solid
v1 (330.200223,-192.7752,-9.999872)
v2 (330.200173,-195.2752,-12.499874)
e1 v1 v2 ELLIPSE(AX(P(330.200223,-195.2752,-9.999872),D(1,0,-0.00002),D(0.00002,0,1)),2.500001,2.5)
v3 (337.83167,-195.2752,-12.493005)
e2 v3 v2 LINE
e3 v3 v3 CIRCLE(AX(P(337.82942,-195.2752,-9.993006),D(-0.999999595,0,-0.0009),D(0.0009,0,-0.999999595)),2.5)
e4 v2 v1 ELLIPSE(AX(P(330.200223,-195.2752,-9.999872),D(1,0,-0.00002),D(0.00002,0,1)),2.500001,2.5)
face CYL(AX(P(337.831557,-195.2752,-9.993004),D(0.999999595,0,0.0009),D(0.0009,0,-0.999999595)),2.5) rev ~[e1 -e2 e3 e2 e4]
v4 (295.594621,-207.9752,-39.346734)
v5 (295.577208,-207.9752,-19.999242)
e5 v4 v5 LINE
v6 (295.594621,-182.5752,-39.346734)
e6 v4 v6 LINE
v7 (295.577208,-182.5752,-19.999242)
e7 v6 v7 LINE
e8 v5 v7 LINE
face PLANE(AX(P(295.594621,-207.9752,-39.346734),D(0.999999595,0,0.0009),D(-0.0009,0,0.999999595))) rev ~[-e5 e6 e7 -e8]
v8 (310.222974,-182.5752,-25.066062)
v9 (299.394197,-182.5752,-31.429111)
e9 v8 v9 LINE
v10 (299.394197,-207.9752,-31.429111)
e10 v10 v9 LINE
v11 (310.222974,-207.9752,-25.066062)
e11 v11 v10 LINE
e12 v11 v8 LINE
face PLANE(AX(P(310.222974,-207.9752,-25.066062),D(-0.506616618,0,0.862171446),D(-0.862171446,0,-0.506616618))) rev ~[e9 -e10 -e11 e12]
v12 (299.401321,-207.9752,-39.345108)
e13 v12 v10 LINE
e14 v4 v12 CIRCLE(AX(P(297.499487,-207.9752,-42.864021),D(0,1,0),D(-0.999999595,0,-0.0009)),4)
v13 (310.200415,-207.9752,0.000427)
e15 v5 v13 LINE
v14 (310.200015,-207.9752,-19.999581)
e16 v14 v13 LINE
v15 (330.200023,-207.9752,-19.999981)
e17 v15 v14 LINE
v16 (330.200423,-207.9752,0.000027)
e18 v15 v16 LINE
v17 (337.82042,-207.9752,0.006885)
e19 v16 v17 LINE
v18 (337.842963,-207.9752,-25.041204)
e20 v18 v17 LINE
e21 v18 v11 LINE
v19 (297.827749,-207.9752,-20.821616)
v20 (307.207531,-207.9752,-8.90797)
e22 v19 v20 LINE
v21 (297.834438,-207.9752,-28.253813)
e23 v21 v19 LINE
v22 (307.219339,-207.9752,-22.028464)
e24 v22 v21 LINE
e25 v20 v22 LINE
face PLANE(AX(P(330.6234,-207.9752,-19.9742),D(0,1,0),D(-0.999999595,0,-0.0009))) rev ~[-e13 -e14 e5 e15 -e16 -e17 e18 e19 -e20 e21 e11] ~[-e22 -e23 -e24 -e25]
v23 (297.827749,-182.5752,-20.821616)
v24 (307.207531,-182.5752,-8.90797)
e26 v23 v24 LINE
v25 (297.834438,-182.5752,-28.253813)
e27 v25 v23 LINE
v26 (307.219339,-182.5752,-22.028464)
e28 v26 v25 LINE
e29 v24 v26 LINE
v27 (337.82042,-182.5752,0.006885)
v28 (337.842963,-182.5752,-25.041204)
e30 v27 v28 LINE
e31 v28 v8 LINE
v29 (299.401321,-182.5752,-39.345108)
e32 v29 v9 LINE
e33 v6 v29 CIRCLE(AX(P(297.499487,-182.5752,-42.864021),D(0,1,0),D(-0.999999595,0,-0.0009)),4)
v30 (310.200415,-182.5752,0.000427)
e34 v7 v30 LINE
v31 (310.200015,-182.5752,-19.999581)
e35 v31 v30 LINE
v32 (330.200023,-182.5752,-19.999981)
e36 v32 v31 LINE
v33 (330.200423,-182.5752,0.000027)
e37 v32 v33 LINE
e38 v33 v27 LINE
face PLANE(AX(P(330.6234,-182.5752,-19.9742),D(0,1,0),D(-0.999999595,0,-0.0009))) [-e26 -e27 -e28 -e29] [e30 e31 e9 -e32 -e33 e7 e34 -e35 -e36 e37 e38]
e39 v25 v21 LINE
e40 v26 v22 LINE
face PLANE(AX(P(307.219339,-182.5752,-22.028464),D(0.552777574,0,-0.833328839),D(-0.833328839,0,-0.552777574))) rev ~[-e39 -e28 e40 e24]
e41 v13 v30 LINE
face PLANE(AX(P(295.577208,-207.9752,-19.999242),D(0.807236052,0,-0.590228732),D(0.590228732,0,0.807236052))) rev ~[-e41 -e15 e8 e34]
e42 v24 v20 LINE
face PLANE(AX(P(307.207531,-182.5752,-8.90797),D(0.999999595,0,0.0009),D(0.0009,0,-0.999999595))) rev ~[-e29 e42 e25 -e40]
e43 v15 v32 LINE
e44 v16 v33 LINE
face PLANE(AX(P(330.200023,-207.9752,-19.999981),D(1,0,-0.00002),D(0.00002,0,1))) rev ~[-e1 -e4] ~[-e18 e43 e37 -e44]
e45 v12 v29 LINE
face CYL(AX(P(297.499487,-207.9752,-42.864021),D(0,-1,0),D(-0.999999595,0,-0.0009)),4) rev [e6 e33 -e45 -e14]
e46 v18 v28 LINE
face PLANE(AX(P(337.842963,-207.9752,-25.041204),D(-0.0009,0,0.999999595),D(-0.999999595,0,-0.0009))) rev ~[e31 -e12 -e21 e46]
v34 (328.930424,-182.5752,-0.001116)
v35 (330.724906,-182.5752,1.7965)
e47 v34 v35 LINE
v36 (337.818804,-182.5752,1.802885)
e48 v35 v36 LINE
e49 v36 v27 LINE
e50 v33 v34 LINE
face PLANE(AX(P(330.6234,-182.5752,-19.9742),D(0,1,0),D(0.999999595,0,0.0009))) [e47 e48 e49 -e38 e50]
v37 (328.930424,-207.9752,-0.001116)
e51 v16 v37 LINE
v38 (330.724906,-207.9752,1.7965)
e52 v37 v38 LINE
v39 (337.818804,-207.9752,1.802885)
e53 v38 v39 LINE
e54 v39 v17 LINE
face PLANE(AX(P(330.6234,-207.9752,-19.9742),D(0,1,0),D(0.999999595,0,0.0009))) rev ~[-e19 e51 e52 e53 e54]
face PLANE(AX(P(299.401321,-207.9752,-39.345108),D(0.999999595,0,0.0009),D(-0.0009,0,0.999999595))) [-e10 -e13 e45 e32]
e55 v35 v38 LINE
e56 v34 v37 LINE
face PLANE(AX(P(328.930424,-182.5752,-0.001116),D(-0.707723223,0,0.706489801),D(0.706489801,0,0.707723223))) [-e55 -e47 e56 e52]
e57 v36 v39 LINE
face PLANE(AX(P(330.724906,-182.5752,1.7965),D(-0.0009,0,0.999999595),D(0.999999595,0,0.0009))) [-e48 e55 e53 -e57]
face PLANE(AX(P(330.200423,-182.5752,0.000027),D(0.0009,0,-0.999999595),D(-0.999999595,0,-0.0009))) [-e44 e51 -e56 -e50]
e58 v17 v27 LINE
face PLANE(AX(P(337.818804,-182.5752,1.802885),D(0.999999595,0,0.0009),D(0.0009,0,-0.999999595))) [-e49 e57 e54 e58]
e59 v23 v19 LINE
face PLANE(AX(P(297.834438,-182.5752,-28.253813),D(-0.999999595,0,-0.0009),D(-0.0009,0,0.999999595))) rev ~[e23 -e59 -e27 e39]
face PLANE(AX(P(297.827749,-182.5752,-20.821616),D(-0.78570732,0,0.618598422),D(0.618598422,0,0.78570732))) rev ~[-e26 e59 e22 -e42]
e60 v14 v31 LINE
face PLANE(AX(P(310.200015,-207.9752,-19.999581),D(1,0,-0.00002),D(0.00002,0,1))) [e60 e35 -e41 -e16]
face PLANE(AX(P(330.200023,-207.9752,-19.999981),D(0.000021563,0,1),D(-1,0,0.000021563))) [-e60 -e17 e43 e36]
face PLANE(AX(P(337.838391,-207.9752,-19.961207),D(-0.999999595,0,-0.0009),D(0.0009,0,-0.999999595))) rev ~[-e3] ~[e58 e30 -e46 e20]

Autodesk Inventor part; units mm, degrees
ref_plane "YZ Plane" through (0, 0, 0) normal (1, 0, 0) x (0, 1, 0)
ref_plane "XZ Plane" through (0, 0, 0) normal (0, 1, 0) x (-1, 0, 0)
ref_plane "XY Plane" through (0, 0, 0) normal (0, 0, 1) x (1, 0, 0)
ref_plane "Work Plane1" through (330.6234, -207.9752, -19.9742) normal (0, 1, 0) x (-1, 0, -0.0009)
sketch "Sketch1" plane through (330.6234, -207.9752, -19.9742) normal (0, 1, 0) x (-1, 0, -0.0009)
  circle A0 centre (33.1445, -22.86) radius 4 projected
  circle A1 centre (33.1445, -22.86) radius 4 projected
  circle A2 centre (33.1445, -22.86) radius 4 projected
  line L0 (20.4234, -0.007) -> (20.405, 19.993) projected
  line L1 (660.8047, 20.5832) -> (0.405, 19.9746) projected
  line L2 (0.4234, -0.0254) -> (0.405, 19.9746) projected
  line L3 (0.4234, -0.0254) -> (660.8231, 0.5832) projected
  line L4 (660.8047, 20.5832) -> (660.8231, 0.5832) projected
  line L5 (0.405, 19.9746) -> (-7.215, 19.9746)
  line L6 (0.405, 19.9746) -> (0.4234, -0.0254)
  line L7 (0.4234, -0.0254) -> (20.4234, -0.007)
  line L8 (20.4234, -0.007) -> (20.405, 19.993)
  line L9 (35.0462, 0.0065) -> (20.405, 19.993)
  line L10 (-7.215, 19.9746) -> (-7.215, 0.0065)
  line L11 (-7.215, 0.0065) -> (-7.215, -5.0735)
  line L12 (-7.215, -5.0735) -> (20.405, -5.0735)
  line L13 (20.405, -5.0735) -> (31.2395, -11.4268)
  arc A3 (35.0462, -19.341) -> (31.2395, -19.3428) centre (33.1445, -22.86) ccw
  line L14 (31.2395, -19.3428) -> (31.2395, -11.4268)
  line L15 (35.0462, -19.341) -> (35.0462, 0.0065)
  line L16 (20.405, 19.993) -> (20.4234, -0.007)
  line L17 (0.4234, -0.0254) -> (20.4234, -0.007)
  point P0 (330.6048, 20.2789)
  dimension "d0" = 7.62
  dimension "d3" = 5.08
extrude "Extrusion1" add sketch "Sketch1" along normal blind 25.4 contours A0 L14 L13 L12 L11 L10 L5 L2 L3 L15 | L3 L0 L9
sketch "Sketch2" plane through (337.8431, -207.9752, -25.0411) normal (1, 0, 0.0009) x (0.0009, 0, -1)
  line L0 (14.2693, 0) -> (14.2693, 25.4) projected
  line L1 (-5.0481, 0) -> (-5.0481, 25.4) projected
  line L2 (-25.0481, 25.4) -> (0, 25.4) projected
  line L3 (-25.0481, 0) -> (-25.0481, 25.4) projected
  line L4 (-5.0481, 25.4) -> (-25.0481, 25.4) projected
  line L5 (-15.0481, 25.4) -> (-15.0481, 12.7)
  circle A0 centre (-15.0481, 12.7) radius 2.5
  point P0 (-25.3524, 207.9752)
  dimension "d6" = 5
extrude "Extrusion2" cut sketch "Sketch2" against normal blind 25.4
sketch "Sketch3" plane through (330.6234, -182.5752, -19.9742) normal (0, 1, 0) x (1, 0, 0.0009)
  line L0 (-20.4234, 0.007) -> (-0.4234, 0.0254) projected
  line L1 (-0.4234, 0.0254) -> (-0.405, -19.9746) projected
  line L2 (-0.405, -19.9746) -> (7.215, -19.9746) projected
  line L3 (7.215, -19.9746) -> (7.215, 5.0735) projected
  line L4 (7.215, 5.0735) -> (-20.405, 5.0735) projected
  line L5 (-20.405, 5.0735) -> (-31.2395, 11.4268) projected
  line L6 (-31.2395, 11.4268) -> (-31.2395, 19.3428) projected
  arc A0 (-35.0462, 19.341) -> (-31.2395, 19.3428) centre (-33.1445, 22.86) ccw projected
  line L7 (-35.0462, 19.341) -> (-35.0462, -0.0065) projected
  line L8 (-35.0462, -0.0065) -> (-20.405, -19.993) projected
  line L9 (-20.405, -19.993) -> (-20.4234, 0.007) projected
  line L10 (-32.7964, 8.2501) -> (-32.7964, 0.8179)
  line L11 (-32.7964, 0.8179) -> (-23.4059, -11.0873)
  line L12 (-23.4059, -11.0873) -> (-23.4059, 2.0332)
  line L13 (-23.4059, 2.0332) -> (-32.7964, 8.2501)
  point P0 (-330.6048, -20.2789)
extrude "Extrusion3" cut sketch "Sketch3" against normal blind 50.8 contours L13 L12 L11 L10
sketch "Sketch4" plane through (337.82, -207.9752, 0.007) normal (-0.0009, 0, 1) x (1, 0, 0.0009)
  point P0 (-337.8199, 207.9752)
sketch "Sketch5" plane through (330.6234, -182.5752, -19.9742) normal (0, 1, 0) x (1, 0, 0.0009)
  line L0 (-0.405, -19.9746) -> (7.215, -19.9746) projected
  line L1 (-0.4234, 0.0254) -> (-0.405, -19.9746) projected
  line L2 (-0.405, -19.9746) -> (-1.675, -19.9746)
  line L3 (-0.405, -19.9746) -> (0.865, -19.9746) construction
  line L4 (-1.675, -19.9746) -> (0.1211, -21.7706)
  line L5 (0.1211, -21.7706) -> (7.215, -21.7706)
  line L6 (7.215, -21.7706) -> (7.215, -19.9746)
  line L7 (-0.405, -19.9746) -> (-0.405, -19.9746)
  line L8 (-0.405, -19.9746) -> (7.215, -19.9746)
  point P0 (-330.6048, -20.2789)
  dimension "d11" = 1.27
  dimension "d12" = 180
  dimension "d13" = 2.54
  dimension "d14" = 45
extrude "Extrusion4" add sketch "Sketch5" against normal up to surface (25.4 mm away)
properties part number "Braces"
